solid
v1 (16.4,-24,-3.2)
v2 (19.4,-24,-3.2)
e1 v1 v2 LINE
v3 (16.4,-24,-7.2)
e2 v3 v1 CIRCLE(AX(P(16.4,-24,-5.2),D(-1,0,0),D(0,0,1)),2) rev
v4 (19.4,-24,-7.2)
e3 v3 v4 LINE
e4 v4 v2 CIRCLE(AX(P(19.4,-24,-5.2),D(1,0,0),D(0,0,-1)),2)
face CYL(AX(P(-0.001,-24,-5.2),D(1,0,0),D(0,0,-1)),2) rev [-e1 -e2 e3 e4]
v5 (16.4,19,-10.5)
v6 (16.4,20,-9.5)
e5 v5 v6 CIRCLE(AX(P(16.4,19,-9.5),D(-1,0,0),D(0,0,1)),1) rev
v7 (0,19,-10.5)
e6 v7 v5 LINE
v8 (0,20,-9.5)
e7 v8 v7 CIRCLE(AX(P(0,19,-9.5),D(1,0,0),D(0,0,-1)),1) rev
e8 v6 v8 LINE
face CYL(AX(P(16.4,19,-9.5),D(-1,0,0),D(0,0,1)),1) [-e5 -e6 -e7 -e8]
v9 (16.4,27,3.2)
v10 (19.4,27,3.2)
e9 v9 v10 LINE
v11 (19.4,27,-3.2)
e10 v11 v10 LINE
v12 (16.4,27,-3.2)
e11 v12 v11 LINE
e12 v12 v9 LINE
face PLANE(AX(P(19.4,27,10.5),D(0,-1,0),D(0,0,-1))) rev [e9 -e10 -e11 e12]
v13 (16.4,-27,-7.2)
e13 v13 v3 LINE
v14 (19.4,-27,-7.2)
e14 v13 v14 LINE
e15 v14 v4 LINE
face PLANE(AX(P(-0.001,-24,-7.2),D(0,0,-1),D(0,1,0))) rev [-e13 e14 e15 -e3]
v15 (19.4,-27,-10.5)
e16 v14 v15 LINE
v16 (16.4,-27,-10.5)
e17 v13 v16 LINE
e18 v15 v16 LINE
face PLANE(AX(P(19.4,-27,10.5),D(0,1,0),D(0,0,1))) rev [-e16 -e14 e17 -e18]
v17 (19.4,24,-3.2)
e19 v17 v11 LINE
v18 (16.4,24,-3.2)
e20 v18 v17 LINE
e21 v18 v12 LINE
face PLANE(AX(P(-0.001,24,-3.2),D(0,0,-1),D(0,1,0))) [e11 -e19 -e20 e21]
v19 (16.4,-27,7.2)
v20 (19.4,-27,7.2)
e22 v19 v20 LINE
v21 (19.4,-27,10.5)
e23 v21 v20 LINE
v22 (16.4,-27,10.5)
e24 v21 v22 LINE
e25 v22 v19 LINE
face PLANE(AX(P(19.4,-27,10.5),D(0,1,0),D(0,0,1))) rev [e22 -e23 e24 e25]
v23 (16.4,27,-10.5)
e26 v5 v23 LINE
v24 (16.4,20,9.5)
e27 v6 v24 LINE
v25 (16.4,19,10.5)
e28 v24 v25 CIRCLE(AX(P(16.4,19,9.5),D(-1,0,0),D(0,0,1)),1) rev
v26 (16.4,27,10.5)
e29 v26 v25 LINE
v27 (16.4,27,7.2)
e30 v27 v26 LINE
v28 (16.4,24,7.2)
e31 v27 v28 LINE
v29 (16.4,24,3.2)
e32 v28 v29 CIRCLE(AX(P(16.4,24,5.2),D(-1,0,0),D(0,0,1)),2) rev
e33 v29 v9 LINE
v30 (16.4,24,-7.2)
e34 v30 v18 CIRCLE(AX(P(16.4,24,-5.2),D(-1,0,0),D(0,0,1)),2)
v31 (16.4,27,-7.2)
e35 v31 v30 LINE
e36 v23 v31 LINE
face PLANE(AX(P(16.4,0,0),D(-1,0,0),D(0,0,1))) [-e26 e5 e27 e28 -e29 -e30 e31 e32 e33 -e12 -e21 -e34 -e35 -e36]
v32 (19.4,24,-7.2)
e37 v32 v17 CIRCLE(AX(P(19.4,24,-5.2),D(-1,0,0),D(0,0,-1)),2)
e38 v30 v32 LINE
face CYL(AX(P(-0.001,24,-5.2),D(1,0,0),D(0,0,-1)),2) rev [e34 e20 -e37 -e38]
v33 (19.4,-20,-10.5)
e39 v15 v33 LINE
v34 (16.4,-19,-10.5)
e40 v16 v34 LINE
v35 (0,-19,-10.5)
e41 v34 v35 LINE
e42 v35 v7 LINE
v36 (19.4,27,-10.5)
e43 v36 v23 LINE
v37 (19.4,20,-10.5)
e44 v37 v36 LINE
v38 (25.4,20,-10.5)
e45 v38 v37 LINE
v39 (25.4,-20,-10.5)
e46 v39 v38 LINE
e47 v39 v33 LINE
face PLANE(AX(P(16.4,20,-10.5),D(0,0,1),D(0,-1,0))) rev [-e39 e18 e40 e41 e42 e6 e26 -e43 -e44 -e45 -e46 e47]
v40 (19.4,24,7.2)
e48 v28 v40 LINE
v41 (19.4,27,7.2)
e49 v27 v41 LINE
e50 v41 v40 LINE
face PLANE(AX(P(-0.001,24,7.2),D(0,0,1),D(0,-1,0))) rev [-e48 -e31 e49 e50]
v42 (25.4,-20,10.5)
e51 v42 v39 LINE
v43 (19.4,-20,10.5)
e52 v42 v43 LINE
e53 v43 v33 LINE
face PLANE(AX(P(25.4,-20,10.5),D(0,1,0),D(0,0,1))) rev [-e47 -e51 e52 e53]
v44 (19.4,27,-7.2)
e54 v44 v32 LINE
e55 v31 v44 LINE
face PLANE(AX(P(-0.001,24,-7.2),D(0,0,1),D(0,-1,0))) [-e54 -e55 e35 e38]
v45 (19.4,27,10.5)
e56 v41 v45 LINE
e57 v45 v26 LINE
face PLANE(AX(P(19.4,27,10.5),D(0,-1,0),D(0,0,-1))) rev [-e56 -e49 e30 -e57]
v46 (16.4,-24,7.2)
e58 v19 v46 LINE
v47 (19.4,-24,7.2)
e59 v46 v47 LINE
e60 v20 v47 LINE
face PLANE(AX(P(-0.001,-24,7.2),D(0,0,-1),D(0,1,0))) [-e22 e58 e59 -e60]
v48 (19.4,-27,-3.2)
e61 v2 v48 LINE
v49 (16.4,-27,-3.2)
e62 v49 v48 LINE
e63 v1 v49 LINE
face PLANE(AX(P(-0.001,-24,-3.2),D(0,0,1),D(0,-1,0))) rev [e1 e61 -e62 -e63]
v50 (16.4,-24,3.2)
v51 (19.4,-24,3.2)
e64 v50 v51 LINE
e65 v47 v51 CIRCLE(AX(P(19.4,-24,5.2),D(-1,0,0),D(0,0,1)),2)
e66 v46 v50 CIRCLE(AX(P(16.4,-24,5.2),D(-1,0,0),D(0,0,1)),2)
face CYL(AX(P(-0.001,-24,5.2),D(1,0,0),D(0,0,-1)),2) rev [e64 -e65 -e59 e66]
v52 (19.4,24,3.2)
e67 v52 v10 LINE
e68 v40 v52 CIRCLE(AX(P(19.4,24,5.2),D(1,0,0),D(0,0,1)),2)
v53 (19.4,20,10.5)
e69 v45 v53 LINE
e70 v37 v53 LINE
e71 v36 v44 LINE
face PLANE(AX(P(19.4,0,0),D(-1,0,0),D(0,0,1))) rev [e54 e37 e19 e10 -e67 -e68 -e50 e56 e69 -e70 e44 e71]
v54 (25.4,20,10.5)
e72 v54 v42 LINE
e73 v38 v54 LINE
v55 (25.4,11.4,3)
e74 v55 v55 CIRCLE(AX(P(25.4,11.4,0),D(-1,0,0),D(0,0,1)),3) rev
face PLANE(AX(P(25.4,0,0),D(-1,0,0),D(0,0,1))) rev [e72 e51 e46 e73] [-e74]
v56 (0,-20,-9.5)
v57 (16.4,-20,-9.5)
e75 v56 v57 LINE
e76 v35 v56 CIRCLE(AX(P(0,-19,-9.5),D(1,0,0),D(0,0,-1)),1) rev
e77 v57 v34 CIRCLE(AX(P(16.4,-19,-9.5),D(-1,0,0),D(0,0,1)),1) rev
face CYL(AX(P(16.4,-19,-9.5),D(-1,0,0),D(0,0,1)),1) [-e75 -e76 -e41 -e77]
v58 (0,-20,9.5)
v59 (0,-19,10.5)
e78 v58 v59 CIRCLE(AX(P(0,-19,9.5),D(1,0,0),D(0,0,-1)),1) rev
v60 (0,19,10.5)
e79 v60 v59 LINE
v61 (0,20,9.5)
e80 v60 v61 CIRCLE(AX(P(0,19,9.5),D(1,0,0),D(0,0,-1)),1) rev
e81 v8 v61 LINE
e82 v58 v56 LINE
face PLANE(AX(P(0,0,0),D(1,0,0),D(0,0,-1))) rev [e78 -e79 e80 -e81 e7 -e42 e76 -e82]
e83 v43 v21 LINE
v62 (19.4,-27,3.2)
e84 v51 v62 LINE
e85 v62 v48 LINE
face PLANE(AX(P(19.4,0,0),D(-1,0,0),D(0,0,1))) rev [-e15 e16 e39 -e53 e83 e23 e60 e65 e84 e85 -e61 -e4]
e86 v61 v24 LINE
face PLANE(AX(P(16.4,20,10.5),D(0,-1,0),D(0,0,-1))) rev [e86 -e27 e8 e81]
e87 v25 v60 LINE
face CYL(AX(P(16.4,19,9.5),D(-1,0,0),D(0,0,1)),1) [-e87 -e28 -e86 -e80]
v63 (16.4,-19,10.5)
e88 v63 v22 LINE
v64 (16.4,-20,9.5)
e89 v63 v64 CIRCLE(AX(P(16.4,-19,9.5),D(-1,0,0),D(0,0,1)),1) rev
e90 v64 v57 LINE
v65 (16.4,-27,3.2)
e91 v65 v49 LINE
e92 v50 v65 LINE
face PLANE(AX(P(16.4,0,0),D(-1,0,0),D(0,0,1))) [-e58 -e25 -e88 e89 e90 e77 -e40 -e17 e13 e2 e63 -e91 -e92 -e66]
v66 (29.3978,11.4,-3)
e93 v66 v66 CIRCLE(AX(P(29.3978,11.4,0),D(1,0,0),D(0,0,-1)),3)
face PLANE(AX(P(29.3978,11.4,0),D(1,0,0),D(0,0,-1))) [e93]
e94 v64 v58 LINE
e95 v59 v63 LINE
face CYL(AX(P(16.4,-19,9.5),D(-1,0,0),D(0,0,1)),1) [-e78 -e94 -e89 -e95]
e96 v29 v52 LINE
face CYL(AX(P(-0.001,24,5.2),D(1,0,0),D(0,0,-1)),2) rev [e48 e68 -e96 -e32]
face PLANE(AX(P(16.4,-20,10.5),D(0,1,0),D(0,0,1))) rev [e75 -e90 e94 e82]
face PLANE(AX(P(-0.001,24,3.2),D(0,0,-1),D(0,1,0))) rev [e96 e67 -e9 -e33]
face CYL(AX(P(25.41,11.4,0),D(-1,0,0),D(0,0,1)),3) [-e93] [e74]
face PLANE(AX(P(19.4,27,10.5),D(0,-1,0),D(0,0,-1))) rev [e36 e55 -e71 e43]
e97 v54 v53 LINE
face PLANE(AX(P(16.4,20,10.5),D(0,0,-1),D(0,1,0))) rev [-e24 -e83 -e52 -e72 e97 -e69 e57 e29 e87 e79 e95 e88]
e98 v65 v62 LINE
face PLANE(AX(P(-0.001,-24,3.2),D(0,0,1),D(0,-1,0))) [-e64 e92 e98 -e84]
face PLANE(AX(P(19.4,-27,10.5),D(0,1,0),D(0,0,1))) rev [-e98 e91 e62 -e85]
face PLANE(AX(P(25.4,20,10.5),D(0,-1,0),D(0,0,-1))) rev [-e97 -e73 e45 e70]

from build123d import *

# Parameters (mm, degrees)
SKETCH1_W            = 21
SKETCH1_H            = 40
BOSS_EXTRUDE1_DEPTH  = 16.4
SKETCH2_W            = 21
SKETCH2_H            = 54
BOSS_EXTRUDE2_DEPTH  = 3
CUT_EXTRUDE1_DEPTH   = 3
MIRROR2_COPY_1_DEPTH = 3
SKETCH5_W            = 21
SKETCH5_H            = 40
BOSS_EXTRUDE4_DEPTH  = 6
SKETCH6_R            = 3
BOSS_EXTRUDE5_DEPTH  = 0.01
FILLET1_R            = 1
SKETCH9_R            = 3
BOSS_EXTRUDE7_DEPTH  = 3.9878


with BuildPart() as part:
    # Sketch1 → Boss-Extrude1 (new body)
    with BuildSketch(Plane(origin=(0, 0, 0), x_dir=(0, 0, -1), z_dir=(1, 0, 0))):
        Rectangle(SKETCH1_W, SKETCH1_H)
    extrude(amount=BOSS_EXTRUDE1_DEPTH)

    # Sketch2 → Boss-Extrude2 (add)
    with BuildSketch(Plane(origin=(16.4, 0, 0), x_dir=(0, 0, -1), z_dir=(1, 0, 0))):
        Rectangle(SKETCH2_W, SKETCH2_H)
    extrude(amount=BOSS_EXTRUDE2_DEPTH)

    # Sketch3 → Cut-Extrude1 (cut)
    with BuildSketch(Plane(origin=(19.4, 0, 0), x_dir=(0, 0, -1), z_dir=(1, 0, 0))):
        with BuildLine():
            Line((-3.200000014, 24), (-3.200000014, 27))
            Line((-3.200000014, 27), (-7.200000014, 27))
            Line((-7.200000014, 27), (-7.200000014, 24))
            ThreePointArc((-7.200000014, 24), (-5.200000014, 22), (-3.200000014, 24))
        make_face()
    cut_extrude1 = extrude(amount=-CUT_EXTRUDE1_DEPTH, mode=Mode.SUBTRACT)

    # Mirror1: Cut-Extrude1 across plane
    add(cut_extrude1.mirror(Plane.XY), mode=Mode.SUBTRACT)

    # Mirror2: Cut-Extrude1 across plane
    add(cut_extrude1.mirror(Plane.ZX), mode=Mode.SUBTRACT)

    # Mirror2 copy 1 sketch → Mirror2 copy 1 (cut)
    with BuildSketch(Plane(origin=(19.4, 0, 0), x_dir=(0, 0, 1), z_dir=(1, 0, 0))):
        with BuildLine():
            Line((-3.200000014, 24), (-3.200000014, 27))
            Line((-3.200000014, 27), (-7.200000014, 27))
            Line((-7.200000014, 27), (-7.200000014, 24))
            ThreePointArc((-7.200000014, 24), (-5.200000014, 22), (-3.200000014, 24))
        make_face()
    extrude(amount=-MIRROR2_COPY_1_DEPTH, mode=Mode.SUBTRACT)

    # Sketch5 → Boss-Extrude4 (add)
    with BuildSketch(Plane(origin=(19.4, 0, 0), x_dir=(0, 0, -1), z_dir=(1, 0, 0))):
        Rectangle(SKETCH5_W, SKETCH5_H)
    extrude(amount=BOSS_EXTRUDE4_DEPTH)

    # Sketch6 → Boss-Extrude5 (add)
    with BuildSketch(Plane(origin=(25.4, 0, 0), x_dir=(0, 0, -1), z_dir=(1, 0, 0))):
        with Locations((0, 11.4)):
            Circle(SKETCH6_R)
    extrude(amount=BOSS_EXTRUDE5_DEPTH)

    # Fillet1
    fillet1_edges = [part.edges().sort_by_distance(p)[0] for p in [
        (8.2, -20, -10.5),
        (8.2, -20, 10.5),
        (8.2, 20, 10.5),
        (8.2, 20, -10.5),
    ]]
    fillet(fillet1_edges, radius=FILLET1_R)

    # Sketch9 → Boss-Extrude7 (add)
    with BuildSketch(Plane(origin=(25.41, 0, 0), x_dir=(0, 0, -1), z_dir=(1, 0, 0))):
        with Locations((0, 11.4)):
            Circle(SKETCH9_R)
    extrude(amount=BOSS_EXTRUDE7_DEPTH)


solid = part.part
